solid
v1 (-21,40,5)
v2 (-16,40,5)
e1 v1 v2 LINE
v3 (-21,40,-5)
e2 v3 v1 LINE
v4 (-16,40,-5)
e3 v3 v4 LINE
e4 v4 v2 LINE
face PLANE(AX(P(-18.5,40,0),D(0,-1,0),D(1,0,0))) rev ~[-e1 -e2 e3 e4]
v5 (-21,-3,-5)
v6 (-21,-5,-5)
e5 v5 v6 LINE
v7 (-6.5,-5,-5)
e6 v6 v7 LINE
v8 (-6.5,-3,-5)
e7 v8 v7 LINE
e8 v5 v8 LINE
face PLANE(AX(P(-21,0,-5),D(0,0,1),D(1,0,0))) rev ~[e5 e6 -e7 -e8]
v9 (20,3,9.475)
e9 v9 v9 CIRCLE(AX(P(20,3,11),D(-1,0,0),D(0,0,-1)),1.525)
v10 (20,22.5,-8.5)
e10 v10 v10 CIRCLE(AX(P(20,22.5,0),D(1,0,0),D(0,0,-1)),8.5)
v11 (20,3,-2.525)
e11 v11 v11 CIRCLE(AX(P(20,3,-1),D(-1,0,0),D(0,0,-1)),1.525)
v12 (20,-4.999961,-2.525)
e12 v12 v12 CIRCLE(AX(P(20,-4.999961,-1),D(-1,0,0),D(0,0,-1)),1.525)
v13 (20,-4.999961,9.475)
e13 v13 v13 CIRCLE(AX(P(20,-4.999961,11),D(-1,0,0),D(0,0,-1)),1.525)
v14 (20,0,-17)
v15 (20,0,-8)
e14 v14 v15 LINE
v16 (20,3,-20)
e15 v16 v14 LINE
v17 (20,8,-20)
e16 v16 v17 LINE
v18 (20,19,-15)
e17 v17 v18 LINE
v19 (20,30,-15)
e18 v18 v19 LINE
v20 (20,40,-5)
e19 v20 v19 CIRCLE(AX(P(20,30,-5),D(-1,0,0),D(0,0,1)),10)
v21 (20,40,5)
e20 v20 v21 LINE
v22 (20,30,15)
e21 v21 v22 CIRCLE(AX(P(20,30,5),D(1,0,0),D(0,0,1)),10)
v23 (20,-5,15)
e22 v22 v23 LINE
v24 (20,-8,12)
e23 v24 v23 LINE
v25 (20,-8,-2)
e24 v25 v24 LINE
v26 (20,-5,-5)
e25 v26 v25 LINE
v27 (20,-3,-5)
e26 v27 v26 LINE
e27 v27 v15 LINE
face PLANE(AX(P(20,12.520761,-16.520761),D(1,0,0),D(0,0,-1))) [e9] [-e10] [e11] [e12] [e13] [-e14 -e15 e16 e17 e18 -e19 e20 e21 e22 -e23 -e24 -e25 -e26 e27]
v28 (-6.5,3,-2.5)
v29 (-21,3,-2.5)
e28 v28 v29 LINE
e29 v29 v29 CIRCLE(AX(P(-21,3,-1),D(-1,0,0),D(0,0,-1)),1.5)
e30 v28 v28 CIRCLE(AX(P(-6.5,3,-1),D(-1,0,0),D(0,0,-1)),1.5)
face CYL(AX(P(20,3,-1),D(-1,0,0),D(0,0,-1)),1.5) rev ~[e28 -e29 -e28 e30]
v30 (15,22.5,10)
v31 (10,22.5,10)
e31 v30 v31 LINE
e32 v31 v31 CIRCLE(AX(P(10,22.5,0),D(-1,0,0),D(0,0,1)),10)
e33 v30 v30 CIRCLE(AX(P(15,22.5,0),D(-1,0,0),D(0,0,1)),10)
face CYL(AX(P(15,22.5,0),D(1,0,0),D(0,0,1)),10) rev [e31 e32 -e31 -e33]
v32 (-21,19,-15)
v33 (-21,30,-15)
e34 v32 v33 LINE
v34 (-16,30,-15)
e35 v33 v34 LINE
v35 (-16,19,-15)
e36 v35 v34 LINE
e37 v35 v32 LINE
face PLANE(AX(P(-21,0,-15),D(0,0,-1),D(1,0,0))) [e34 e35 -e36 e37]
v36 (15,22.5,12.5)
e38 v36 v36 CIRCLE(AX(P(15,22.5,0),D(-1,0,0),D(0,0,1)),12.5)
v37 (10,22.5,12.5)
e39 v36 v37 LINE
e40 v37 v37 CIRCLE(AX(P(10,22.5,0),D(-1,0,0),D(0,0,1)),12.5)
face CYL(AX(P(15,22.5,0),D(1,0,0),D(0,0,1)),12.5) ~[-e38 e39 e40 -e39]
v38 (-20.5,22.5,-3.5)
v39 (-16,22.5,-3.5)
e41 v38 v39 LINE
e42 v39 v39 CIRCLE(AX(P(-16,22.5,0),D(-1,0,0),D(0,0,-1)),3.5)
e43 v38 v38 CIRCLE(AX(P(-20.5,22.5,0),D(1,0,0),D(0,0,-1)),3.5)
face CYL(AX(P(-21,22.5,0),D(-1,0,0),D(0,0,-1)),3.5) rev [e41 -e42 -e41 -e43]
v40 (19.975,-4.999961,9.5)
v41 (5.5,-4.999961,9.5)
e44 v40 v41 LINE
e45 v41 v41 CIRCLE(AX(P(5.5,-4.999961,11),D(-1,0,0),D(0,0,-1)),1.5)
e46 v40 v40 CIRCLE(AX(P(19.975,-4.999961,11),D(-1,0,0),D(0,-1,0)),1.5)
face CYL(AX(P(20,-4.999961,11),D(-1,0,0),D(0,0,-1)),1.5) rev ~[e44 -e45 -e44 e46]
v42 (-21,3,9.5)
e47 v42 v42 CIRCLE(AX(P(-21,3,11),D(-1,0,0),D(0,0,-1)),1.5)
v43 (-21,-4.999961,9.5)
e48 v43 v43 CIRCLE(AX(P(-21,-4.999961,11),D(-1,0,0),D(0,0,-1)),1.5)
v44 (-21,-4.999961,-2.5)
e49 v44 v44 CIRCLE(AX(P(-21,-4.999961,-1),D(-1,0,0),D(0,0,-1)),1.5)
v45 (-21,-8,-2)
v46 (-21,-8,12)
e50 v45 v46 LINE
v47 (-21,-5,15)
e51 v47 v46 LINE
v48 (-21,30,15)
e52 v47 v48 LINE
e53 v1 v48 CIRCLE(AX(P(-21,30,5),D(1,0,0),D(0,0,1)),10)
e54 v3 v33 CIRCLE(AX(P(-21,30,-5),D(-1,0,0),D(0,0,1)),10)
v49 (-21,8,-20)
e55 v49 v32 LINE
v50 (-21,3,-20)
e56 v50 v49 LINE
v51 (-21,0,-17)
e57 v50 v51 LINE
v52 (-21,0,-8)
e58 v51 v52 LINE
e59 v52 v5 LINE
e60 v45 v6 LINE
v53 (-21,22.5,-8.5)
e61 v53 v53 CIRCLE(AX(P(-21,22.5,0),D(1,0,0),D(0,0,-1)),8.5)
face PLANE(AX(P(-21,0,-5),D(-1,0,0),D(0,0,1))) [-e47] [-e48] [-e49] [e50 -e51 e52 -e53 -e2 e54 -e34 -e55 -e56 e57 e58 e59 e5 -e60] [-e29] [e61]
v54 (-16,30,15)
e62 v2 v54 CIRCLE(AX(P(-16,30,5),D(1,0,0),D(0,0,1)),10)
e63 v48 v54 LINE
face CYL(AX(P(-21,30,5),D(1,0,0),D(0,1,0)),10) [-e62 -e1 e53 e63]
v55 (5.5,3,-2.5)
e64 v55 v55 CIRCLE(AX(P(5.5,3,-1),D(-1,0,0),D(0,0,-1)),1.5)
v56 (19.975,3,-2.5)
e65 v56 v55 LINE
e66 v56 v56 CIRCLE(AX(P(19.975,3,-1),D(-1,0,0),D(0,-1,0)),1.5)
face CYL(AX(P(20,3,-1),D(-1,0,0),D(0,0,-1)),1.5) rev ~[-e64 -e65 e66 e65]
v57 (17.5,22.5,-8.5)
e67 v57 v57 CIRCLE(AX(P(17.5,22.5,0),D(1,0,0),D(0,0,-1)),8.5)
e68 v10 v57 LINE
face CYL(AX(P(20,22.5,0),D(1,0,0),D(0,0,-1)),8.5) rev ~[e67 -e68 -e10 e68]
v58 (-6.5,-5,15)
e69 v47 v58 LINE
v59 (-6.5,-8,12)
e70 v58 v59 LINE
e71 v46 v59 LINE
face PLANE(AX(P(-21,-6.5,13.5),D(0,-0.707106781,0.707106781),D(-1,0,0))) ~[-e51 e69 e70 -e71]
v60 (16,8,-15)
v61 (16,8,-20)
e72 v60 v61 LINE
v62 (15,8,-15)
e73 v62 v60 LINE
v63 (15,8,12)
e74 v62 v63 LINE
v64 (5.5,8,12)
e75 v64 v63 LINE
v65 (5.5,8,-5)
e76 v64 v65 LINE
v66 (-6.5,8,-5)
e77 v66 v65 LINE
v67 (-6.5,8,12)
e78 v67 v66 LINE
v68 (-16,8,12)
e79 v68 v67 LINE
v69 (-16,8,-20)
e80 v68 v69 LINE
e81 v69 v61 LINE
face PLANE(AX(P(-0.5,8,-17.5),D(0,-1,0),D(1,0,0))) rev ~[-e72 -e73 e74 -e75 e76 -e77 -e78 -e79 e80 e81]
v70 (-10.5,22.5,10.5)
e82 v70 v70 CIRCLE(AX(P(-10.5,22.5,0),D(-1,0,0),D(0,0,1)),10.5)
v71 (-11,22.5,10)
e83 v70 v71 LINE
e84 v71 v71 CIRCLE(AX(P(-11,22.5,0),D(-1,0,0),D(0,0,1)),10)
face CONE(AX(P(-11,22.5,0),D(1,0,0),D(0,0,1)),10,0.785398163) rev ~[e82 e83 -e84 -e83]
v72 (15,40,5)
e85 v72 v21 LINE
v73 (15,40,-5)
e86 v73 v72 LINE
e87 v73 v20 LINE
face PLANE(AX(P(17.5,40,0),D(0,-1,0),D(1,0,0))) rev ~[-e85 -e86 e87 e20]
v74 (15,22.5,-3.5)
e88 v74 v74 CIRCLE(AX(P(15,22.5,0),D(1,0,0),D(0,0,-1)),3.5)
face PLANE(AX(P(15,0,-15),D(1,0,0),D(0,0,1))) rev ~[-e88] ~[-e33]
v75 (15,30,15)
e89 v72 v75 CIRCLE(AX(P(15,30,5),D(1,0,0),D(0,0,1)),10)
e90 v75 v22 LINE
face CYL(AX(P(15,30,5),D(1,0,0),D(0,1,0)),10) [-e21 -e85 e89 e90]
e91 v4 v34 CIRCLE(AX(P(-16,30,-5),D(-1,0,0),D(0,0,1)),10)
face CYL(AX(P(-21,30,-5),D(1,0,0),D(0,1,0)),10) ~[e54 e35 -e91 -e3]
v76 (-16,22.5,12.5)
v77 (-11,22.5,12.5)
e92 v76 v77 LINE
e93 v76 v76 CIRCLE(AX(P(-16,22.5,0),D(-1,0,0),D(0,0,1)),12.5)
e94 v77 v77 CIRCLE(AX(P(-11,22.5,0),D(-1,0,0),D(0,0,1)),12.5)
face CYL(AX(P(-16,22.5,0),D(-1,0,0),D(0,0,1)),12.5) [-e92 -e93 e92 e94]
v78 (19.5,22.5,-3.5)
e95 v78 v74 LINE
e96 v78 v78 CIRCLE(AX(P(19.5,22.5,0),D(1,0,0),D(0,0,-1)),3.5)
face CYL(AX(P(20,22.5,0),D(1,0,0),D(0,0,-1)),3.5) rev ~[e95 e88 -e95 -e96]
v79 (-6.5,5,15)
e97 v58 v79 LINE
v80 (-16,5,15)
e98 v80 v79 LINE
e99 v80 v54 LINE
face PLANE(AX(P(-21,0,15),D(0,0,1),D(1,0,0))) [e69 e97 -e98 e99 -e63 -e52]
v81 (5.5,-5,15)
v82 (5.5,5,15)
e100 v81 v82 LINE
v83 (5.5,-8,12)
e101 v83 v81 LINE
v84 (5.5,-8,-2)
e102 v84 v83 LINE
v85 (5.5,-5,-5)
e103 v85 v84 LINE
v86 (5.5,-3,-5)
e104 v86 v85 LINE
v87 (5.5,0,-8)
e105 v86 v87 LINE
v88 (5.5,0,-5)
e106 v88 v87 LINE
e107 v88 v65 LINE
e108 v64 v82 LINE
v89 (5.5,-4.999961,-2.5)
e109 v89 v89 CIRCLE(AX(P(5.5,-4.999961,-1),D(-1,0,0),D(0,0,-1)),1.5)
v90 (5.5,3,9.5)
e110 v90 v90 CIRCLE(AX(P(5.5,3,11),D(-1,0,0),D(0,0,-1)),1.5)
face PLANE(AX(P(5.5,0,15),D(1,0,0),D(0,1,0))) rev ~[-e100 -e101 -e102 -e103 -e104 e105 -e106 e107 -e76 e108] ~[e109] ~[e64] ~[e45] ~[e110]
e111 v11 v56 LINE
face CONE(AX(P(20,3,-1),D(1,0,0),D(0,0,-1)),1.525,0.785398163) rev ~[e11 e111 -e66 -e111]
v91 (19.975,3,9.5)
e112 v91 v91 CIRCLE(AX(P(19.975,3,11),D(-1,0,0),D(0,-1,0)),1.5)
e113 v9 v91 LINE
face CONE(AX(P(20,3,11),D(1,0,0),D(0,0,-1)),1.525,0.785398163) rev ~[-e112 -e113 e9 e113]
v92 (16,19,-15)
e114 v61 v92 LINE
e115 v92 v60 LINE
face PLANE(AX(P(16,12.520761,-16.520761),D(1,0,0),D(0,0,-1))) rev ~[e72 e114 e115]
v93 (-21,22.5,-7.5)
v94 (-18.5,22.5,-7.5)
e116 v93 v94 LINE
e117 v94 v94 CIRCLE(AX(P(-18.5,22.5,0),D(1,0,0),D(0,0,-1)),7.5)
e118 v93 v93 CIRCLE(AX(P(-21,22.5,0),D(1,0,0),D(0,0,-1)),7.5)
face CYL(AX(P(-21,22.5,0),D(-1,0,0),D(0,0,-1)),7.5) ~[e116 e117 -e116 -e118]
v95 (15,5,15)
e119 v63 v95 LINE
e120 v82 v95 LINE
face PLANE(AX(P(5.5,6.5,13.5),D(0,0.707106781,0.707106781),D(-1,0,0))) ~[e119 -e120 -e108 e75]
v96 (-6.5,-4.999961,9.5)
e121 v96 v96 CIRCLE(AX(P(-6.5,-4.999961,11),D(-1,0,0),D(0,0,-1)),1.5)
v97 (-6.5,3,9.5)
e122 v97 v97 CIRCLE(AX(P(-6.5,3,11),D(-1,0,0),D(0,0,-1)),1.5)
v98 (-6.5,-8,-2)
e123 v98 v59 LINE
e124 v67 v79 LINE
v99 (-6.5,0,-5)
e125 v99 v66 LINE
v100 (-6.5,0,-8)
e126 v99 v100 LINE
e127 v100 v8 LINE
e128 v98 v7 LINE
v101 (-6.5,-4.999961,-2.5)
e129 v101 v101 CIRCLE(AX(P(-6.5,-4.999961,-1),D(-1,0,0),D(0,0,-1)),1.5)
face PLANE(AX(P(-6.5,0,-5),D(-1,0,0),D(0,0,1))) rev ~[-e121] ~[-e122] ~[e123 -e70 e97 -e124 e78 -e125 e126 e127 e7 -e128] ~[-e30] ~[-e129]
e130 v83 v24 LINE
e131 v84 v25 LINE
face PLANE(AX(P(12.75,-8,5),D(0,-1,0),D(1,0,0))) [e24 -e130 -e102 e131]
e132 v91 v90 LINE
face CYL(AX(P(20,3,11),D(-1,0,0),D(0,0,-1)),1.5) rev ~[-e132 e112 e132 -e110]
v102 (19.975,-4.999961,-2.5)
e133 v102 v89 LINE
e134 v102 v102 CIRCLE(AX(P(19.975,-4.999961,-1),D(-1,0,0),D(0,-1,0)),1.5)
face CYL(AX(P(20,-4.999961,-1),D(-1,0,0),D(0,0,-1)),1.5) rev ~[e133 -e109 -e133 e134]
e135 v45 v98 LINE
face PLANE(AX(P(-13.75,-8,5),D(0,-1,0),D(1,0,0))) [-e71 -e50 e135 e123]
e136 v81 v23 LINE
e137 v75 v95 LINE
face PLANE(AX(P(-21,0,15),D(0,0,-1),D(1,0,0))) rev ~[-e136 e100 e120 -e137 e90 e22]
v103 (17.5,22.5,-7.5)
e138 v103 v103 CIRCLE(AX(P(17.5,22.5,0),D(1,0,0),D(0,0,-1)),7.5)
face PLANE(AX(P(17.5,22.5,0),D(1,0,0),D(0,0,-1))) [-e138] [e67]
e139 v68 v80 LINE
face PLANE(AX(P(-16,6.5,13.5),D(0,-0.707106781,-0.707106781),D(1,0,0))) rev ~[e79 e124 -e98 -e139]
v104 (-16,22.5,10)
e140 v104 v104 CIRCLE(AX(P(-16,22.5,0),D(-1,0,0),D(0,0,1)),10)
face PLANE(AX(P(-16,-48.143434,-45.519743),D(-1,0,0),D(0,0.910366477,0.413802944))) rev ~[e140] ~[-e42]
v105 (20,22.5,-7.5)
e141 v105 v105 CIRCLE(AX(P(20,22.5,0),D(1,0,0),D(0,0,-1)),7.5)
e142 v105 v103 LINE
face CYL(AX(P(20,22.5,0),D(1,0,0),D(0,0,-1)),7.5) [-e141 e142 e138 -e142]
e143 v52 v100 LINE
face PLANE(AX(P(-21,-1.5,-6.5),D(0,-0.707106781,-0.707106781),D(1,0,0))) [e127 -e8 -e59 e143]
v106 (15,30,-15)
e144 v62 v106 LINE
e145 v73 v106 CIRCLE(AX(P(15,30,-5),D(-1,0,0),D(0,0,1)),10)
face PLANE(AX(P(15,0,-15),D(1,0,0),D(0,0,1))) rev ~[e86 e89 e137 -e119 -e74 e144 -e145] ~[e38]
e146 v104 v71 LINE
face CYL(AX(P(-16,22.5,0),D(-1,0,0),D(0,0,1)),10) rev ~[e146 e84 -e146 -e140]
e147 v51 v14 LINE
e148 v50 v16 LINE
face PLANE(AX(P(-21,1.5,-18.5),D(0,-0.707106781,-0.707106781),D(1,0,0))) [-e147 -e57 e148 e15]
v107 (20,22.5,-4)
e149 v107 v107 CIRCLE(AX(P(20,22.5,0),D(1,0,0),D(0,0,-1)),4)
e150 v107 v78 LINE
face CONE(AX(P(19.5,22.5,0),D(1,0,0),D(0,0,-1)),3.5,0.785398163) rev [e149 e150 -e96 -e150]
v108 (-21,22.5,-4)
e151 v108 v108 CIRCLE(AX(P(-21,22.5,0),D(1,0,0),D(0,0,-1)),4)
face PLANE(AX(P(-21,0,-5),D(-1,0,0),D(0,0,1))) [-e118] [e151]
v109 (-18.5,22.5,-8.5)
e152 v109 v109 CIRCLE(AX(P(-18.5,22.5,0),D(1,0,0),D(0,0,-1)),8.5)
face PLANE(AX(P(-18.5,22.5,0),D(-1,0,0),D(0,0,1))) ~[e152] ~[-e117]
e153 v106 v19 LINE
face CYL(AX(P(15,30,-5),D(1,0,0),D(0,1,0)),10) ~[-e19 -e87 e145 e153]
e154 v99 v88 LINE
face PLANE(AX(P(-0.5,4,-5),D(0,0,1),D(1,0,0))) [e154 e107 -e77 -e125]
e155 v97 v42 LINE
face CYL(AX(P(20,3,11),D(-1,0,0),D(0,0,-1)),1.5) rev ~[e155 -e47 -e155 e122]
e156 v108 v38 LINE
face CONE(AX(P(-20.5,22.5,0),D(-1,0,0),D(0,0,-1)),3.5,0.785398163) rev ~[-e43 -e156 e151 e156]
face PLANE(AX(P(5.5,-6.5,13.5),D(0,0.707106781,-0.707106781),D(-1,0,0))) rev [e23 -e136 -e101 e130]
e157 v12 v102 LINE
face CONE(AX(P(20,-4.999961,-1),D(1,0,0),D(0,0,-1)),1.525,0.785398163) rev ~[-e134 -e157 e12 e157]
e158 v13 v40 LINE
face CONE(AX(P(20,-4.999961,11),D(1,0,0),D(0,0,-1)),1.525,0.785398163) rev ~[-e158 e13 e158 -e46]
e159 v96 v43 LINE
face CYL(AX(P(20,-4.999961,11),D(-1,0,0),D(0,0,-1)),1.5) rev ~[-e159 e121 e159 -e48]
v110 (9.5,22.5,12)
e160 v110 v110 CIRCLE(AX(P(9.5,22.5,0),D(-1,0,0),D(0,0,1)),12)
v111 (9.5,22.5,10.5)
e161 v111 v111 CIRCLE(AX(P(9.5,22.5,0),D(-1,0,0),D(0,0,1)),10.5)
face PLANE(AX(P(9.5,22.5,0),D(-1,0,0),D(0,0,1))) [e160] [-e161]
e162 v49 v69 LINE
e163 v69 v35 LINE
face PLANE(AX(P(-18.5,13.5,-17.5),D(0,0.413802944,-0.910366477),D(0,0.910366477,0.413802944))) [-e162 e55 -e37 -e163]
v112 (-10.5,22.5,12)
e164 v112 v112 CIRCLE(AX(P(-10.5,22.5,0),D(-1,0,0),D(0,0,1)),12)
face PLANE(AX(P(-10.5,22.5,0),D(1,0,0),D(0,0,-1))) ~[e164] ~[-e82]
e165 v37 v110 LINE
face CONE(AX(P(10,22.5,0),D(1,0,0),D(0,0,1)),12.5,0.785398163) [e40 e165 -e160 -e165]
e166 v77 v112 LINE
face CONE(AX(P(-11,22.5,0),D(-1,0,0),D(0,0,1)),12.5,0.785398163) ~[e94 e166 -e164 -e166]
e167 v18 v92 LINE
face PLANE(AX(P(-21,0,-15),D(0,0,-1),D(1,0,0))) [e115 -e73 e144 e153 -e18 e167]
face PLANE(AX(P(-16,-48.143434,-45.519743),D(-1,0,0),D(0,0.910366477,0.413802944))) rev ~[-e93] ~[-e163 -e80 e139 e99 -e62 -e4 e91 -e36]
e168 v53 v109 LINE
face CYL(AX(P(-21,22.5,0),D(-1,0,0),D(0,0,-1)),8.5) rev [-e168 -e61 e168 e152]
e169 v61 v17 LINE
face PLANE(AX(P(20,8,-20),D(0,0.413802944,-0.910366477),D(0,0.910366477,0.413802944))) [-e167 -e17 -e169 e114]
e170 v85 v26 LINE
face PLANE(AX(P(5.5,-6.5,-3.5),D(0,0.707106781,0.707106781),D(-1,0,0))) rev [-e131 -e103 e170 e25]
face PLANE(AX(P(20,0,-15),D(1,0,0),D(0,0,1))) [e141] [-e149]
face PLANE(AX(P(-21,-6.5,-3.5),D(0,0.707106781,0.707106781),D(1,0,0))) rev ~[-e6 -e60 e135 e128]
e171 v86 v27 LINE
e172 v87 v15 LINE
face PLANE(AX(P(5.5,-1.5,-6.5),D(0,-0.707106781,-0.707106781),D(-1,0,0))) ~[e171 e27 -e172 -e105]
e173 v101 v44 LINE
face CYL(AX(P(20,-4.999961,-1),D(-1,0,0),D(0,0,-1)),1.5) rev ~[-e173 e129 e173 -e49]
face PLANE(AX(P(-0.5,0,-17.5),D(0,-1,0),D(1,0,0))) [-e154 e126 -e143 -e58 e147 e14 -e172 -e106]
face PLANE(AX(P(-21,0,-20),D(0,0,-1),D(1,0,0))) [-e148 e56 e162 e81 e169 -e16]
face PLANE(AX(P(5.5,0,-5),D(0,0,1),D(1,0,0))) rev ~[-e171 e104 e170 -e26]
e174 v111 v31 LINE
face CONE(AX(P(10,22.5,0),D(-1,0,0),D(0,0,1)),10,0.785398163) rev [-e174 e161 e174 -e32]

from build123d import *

# Parameters (mm, degrees)
SKETCH_1_R            = 13.5
EXTRUDE_1_DEPTH       = 8
SKETCH_7_W            = 34
SKETCH_7_H            = 30
SKETCH_7_R            = 13.5
EXTRUDE_2_DEPTH       = 8
SKETCH_11_W           = 5
SKETCH_11_H           = 30
EXTRUDE_6_DEPTH       = 40
FILLET_2_R            = 10
SKETCH_13_R           = 8.5
SKETCH_13_R_2         = 7.5
CUT_EXTRUDE_3_DEPTH   = 2.5
SKETCH_14_R           = 3.5
CUT_EXTRUDE_4_DEPTH   = 36
SKETCH_22_W           = 41
SKETCH_22_H           = 5
EXTRUDE_8_DEPTH       = 8
SKETCH_23_W           = 12
SKETCH_23_H           = 8
CUT_EXTRUDE_6_DEPTH   = 20
RIB_1_REACH           = 62.671
SKETCH_24_WALL_W      = 135.42553647
SKETCH_24_WALL_H      = 5
EXTRUDE_9_DEPTH       = 4
F_3_0MM_1_D           = 3
F_3_0MM_1_CSINK_D     = 3.05
F_3_0MM_1_CSINK_ANGLE = 90
SKETCH_27_W           = 14.5
SKETCH_27_H           = 20
EXTRUDE_10_DEPTH      = 8
F_3_0MM_2_D           = 3
F_3_0MM_2_CSINK_D     = 3.05
F_3_0MM_2_CSINK_ANGLE = 90
CHAMFER_5_SIZE        = 3
SKETCH_29_R           = 12.5
SKETCH_29_R_2         = 10
EXTRUDE_11_DEPTH      = 5.5
CHAMFER_4_SIZE        = 0.5


with BuildPart() as part:
    # 草图1 → 凸台-拉伸1 (new body)
    with BuildSketch(Plane(origin=(0, 0, 0), x_dir=(1, 0, 0), z_dir=(0, 1, 0))):
        with Locations(Location((0, 0, 0), (0, 0, 270))):
            Circle(SKETCH_1_R)
    extrude(amount=EXTRUDE_1_DEPTH)

    # 草图7 → 凸台-拉伸2 (add)
    with BuildSketch(Plane.XZ):
        Rectangle(SKETCH_7_W, SKETCH_7_H)
        Circle(SKETCH_7_R, mode=Mode.SUBTRACT)
    extrude(amount=-EXTRUDE_2_DEPTH)

    # 草图11 → 凸台-拉伸6 (add)
    with BuildSketch(Plane.XZ):
        with Locations((-18.5, 0)):
            Rectangle(SKETCH_11_W, SKETCH_11_H)
        with Locations((17.5, 0)):
            Rectangle(SKETCH_11_W, SKETCH_11_H)
    extrude(amount=-EXTRUDE_6_DEPTH)

    # 圆角2
    fillet_2_edges = [part.edges().sort_by_distance(p)[0] for p in [
        (-18.5, 40, -15),
        (-18.5, 40, 15),
        (17.5, 40, 15),
        (17.5, 40, -15),
    ]]
    fillet(fillet_2_edges, radius=FILLET_2_R)

    # 草图13 → 切除-拉伸3 (cut)
    with BuildSketch(Plane(origin=(20, 0, 0), x_dir=(0, 0, -1), z_dir=(1, 0, 0))):
        with Locations((0, 22.5)):
            Circle(SKETCH_13_R)
        with Locations((0, 22.5)):
            Circle(SKETCH_13_R_2, mode=Mode.SUBTRACT)
    cut_extrude_3 = extrude(amount=-CUT_EXTRUDE_3_DEPTH, mode=Mode.SUBTRACT)

    # 草图14 → 切除-拉伸4 (cut)
    with BuildSketch(Plane(origin=(20, 0, 0), x_dir=(0, 0, -1), z_dir=(1, 0, 0))):
        with Locations((0, 22.5)):
            Circle(SKETCH_14_R)
    cut_extrude_4 = extrude(amount=-CUT_EXTRUDE_4_DEPTH, mode=Mode.SUBTRACT)

    # 草图22 → 凸台-拉伸8 (add)
    with BuildSketch(Plane.XZ):
        with Locations((-0.5, -17.5)):
            Rectangle(SKETCH_22_W, SKETCH_22_H)
    extrude(amount=-EXTRUDE_8_DEPTH)

    # 草图23 → 切除-拉伸6 (cut)
    with BuildSketch(Plane.XY.offset(15)):
        with Locations((-0.5, 4)):
            Rectangle(SKETCH_23_W, SKETCH_23_H)
    extrude(amount=-CUT_EXTRUDE_6_DEPTH, mode=Mode.SUBTRACT)

    # 草图24 wall → 筋1 (add, up to next)
    with BuildSketch(Plane(origin=(-21, 13.5, -17.5), x_dir=(0, 0.910366477463, 0.413802944301), z_dir=(0, 0.413802944301, -0.910366477463)), mode=Mode.PRIVATE) as rib_1_sk1:
        with Locations((0, 2.5)):
            Rectangle(SKETCH_24_WALL_W, SKETCH_24_WALL_H)
    rib_1_tool1 = extrude(rib_1_sk1.sketch, amount=-RIB_1_REACH, mode=Mode.PRIVATE) - part.part
    add(rib_1_tool1.solids().sort_by_distance((-21, 13.5, -17.5))[0])

    # 草图25 → 凸台-拉伸9 (add)
    with BuildSketch(Plane(origin=(20, 0, 0), x_dir=(0, 0, -1), z_dir=(1, 0, 0))):
        Polygon((20, 8), (15, 19), (15, 8), align=None)
    extrude(amount=-EXTRUDE_9_DEPTH)

    # Ø3.0mm 暗销孔1 (through all)
    with Locations(Plane(origin=(20, 3, 11), x_dir=(0, 0, 1), z_dir=(1, 0, 0))):
        with Locations((0, 0), (-12, 0)):
            CounterSinkHole(F_3_0MM_1_D / 2, F_3_0MM_1_CSINK_D / 2, counter_sink_angle=F_3_0MM_1_CSINK_ANGLE)

    # 草图27 → 凸台-拉伸10 (add)
    with BuildSketch(Plane.XZ):
        with Locations((-13.75, 5)):
            Rectangle(SKETCH_27_W, SKETCH_27_H)
        with Locations((12.75, 5)):
            Rectangle(SKETCH_27_W, SKETCH_27_H)
    extrude(amount=EXTRUDE_10_DEPTH)

    # Ø3.0mm 暗销孔2 (through all)
    with Locations(Plane(origin=(20, -4.999960937, 11), x_dir=(0, 0, 1), z_dir=(1, 0, 0))):
        with Locations((0, 0), (-12, 0)):
            CounterSinkHole(F_3_0MM_2_D / 2, F_3_0MM_2_CSINK_D / 2, counter_sink_angle=F_3_0MM_2_CSINK_ANGLE)

    # 倒角5
    chamfer_5_edges = [part.edges().sort_by_distance(p)[0] for p in [
        (-0.5, 0, -20),
        (-11.25, 8, 15),
        (-13.75, 0, -5),
        (-13.75, -8, -5),
        (-13.75, -8, 15),
        (12.75, 0, -5),
        (12.75, -8, 15),
        (12.75, -8, -5),
        (10.25, 8, 15),
    ]]
    chamfer(chamfer_5_edges, length=CHAMFER_5_SIZE)

    # 草图29 → 凸台-拉伸11 (add)
    with BuildSketch(Plane.ZY.offset(-15)):
        with Locations((0, 22.5)):
            Circle(SKETCH_29_R)
        with Locations((0, 22.5)):
            Circle(SKETCH_29_R_2, mode=Mode.SUBTRACT)
    extrude_11 = extrude(amount=EXTRUDE_11_DEPTH)

    # 镜向1: 切除-拉伸3, 切除-拉伸4, 凸台-拉伸11 across plane
    add(cut_extrude_3.mirror(Plane.ZY.offset(0.5)), mode=Mode.SUBTRACT)
    add(cut_extrude_4.mirror(Plane.ZY.offset(0.5)), mode=Mode.SUBTRACT)
    add(extrude_11.mirror(Plane.ZY.offset(0.5)))

    # 倒角4
    chamfer_4_edges = [part.edges().sort_by_distance(p)[0] for p in [
        (9.5, 22.5, -12.5),
        (9.5, 22.5, -10),
        (-21, 22.5, 3.5),
        (-10.5, 22.5, -12.5),
        (-10.5, 22.5, -10),
        (20, 22.5, 3.5),
    ]]
    chamfer(chamfer_4_edges, length=CHAMFER_4_SIZE)


solid = part.part
